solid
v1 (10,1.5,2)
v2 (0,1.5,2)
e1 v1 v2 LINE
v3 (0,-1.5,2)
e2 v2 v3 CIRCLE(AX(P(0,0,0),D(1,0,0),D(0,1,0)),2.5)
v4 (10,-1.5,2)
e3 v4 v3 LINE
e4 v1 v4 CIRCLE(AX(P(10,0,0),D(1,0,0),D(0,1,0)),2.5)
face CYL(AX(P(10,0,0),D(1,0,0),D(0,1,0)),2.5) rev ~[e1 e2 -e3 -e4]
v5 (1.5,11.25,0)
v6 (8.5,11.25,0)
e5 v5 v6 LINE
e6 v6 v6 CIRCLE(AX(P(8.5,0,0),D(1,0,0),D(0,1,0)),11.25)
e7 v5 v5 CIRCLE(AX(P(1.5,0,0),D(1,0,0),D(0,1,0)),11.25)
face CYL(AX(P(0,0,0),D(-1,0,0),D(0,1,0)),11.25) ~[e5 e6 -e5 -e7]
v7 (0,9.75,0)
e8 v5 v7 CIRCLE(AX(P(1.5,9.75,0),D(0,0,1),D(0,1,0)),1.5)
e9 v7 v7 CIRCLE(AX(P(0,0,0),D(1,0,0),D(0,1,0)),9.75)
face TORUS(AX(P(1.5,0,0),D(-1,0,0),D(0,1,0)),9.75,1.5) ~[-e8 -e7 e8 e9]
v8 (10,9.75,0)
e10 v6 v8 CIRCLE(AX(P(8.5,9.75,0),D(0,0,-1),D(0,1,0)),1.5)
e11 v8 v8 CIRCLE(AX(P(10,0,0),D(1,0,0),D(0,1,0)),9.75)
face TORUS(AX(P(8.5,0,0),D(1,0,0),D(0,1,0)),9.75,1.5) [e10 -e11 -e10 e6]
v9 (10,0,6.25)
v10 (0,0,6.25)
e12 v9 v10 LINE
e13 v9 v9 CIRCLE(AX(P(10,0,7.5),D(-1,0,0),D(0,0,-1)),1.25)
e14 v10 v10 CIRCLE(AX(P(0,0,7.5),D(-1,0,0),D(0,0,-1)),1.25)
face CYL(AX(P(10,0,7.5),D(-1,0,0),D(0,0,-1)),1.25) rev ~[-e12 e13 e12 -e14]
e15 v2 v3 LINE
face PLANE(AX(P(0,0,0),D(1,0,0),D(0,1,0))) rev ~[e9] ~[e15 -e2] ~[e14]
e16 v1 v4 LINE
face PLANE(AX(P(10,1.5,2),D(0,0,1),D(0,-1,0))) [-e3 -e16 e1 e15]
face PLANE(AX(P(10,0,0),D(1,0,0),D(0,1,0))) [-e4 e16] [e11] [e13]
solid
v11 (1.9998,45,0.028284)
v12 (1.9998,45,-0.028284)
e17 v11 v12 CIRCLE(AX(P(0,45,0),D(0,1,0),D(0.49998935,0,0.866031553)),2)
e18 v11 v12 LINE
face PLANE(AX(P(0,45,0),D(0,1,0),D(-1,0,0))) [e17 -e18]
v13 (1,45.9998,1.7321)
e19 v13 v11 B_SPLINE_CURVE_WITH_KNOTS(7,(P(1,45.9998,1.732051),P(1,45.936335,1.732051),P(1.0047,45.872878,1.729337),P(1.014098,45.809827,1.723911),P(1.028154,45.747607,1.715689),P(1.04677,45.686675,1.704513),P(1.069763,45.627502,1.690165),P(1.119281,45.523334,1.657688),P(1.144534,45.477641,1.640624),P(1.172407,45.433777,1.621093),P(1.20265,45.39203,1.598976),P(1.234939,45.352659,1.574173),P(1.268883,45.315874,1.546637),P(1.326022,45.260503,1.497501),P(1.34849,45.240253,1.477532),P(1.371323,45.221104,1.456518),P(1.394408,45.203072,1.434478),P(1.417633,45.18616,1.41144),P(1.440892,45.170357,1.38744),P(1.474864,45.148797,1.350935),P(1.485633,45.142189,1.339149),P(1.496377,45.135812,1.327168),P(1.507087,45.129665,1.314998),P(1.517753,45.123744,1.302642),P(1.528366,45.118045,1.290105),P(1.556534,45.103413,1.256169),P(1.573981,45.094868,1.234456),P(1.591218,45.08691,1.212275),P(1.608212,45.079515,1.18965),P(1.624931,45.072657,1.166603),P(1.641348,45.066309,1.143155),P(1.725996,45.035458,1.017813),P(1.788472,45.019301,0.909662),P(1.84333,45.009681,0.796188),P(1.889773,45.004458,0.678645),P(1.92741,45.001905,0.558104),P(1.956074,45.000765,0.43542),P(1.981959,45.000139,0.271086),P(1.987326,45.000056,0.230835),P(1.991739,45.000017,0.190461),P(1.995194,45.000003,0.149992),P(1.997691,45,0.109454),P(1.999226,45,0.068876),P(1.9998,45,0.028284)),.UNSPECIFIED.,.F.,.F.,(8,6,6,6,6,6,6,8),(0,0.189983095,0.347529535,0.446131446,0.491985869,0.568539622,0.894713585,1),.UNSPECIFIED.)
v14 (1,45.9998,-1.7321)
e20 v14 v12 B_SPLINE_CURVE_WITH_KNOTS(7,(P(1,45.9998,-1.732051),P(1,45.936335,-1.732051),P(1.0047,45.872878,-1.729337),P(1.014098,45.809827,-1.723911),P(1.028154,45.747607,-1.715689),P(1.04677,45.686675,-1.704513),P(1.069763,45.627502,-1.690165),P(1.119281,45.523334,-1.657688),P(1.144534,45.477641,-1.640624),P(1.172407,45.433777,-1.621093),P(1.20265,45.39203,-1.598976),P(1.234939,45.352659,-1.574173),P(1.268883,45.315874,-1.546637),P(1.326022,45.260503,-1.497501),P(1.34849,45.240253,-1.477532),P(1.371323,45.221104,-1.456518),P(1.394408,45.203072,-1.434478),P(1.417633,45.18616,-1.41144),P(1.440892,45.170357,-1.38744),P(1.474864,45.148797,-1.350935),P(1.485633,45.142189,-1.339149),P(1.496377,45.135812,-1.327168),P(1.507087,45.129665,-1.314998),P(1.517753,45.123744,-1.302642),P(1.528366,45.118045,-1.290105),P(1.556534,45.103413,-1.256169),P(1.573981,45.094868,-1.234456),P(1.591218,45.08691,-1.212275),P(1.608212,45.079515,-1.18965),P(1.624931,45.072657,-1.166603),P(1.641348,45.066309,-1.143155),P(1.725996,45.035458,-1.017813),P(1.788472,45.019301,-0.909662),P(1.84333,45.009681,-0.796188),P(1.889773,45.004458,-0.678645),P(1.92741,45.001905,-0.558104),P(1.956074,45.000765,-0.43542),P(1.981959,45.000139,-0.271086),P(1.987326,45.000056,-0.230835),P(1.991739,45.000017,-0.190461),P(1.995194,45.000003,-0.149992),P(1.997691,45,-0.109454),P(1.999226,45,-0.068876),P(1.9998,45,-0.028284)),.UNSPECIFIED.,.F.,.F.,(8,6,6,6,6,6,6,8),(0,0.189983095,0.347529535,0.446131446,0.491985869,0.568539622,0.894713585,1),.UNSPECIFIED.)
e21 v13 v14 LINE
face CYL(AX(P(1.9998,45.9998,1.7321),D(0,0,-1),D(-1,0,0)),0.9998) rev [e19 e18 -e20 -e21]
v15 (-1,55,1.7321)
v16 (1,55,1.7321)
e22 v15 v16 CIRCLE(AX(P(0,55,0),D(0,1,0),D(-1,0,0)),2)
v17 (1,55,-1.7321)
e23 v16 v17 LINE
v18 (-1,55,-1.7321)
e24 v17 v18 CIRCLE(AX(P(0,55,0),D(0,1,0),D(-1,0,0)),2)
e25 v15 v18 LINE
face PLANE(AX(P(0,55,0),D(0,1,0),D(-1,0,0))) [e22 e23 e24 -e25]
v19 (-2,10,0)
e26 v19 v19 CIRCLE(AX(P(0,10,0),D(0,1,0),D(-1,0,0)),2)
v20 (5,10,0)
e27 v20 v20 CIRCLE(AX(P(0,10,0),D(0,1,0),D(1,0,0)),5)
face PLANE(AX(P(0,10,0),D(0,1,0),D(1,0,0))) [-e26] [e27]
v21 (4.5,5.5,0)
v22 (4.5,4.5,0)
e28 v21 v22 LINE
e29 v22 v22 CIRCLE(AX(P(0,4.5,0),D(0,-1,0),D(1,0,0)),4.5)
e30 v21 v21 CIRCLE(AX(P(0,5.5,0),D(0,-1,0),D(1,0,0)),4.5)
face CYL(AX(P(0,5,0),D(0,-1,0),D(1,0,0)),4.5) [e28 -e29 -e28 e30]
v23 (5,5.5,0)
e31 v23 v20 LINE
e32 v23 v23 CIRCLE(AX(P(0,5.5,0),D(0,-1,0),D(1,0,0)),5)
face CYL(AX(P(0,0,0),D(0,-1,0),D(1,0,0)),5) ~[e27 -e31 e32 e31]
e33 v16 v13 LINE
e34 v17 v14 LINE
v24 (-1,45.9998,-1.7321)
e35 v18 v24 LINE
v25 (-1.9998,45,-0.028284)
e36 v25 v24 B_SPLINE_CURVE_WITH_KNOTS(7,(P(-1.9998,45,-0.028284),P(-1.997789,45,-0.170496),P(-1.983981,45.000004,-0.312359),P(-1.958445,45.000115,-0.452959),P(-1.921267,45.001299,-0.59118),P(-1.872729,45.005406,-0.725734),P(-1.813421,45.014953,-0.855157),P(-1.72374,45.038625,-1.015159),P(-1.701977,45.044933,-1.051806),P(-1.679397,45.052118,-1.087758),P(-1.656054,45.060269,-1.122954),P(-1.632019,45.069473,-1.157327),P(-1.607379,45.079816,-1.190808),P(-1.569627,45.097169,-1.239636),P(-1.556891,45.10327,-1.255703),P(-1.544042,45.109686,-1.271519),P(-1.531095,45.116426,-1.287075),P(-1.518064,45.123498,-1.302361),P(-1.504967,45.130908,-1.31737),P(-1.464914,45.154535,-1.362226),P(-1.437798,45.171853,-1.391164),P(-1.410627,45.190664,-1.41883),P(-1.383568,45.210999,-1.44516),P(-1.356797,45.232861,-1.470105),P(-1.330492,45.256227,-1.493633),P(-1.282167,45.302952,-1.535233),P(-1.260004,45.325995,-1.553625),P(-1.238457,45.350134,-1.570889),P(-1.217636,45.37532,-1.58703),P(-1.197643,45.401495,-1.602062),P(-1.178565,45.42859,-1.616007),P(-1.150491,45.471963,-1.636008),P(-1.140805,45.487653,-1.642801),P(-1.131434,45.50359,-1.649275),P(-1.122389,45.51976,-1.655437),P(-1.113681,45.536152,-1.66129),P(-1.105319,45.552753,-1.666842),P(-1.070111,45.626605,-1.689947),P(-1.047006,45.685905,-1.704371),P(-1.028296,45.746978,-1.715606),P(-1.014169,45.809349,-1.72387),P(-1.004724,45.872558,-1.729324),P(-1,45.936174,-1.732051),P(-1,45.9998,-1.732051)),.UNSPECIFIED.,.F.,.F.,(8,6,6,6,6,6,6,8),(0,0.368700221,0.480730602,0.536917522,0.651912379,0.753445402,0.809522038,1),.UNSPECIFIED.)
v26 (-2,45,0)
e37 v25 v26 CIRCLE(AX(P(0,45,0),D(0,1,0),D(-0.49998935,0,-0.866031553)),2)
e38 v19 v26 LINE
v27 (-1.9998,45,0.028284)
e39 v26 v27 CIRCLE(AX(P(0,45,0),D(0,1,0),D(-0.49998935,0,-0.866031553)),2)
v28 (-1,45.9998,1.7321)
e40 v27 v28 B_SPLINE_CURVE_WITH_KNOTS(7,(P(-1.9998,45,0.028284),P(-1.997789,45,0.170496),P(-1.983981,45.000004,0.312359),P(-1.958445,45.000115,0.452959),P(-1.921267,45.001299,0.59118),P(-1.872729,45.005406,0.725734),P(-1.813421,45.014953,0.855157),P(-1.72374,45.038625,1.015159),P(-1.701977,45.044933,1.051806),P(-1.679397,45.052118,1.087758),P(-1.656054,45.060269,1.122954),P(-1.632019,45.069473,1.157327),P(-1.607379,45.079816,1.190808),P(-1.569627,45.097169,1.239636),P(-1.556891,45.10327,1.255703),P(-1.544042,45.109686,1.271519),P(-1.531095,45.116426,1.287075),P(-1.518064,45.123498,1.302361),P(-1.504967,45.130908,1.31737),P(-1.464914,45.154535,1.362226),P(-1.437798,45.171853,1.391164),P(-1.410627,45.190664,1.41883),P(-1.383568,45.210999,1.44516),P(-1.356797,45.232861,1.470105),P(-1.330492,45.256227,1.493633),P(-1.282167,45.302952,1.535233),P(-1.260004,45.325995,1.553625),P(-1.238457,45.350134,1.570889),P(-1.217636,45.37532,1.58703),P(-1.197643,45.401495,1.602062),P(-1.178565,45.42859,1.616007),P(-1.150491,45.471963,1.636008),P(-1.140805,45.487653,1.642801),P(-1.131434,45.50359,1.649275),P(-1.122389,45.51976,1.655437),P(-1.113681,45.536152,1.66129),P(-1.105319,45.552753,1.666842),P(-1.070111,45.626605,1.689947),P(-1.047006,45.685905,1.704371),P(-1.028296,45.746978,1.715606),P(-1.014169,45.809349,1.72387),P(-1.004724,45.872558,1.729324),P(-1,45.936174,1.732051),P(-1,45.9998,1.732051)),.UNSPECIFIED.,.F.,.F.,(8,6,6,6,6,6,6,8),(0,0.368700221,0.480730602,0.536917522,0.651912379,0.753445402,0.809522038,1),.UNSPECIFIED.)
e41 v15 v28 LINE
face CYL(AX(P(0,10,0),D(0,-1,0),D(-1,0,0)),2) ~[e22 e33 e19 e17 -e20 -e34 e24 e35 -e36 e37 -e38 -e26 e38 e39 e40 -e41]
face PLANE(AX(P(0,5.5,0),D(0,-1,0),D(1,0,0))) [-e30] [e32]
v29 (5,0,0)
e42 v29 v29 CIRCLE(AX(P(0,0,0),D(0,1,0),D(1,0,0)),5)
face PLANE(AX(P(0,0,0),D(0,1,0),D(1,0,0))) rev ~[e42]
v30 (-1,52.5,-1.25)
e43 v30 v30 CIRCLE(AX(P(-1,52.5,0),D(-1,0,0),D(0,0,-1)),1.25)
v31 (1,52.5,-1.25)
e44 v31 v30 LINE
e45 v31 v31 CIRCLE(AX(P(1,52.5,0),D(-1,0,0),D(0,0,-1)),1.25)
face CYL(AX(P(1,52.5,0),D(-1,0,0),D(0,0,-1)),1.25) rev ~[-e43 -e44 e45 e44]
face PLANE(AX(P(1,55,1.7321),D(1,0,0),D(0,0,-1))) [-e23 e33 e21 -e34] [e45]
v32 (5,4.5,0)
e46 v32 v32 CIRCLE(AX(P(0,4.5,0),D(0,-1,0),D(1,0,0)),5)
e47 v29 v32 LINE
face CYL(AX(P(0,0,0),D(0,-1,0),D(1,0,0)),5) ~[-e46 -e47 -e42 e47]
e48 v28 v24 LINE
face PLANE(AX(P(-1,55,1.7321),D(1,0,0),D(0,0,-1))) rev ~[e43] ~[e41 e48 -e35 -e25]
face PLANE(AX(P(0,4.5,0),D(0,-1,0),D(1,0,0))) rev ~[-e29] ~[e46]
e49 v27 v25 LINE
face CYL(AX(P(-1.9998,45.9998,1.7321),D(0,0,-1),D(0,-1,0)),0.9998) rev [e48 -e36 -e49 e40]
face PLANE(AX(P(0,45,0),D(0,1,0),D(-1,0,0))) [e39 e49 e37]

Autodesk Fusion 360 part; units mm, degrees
sketch "Sketch1" plane through (0, 0, 0) normal (0, 1, 0) x (1, 0, 0)
  circle A0 centre (0, 0) radius 5
  dimension "d2" = 10
extrude "Extrude1" add sketch "Sketch1" along normal blind 10 makes body 1
sketch "Sketch2" plane through (0, 10, 0) normal (0, 1, 0) x (-1, 0, 0)
  circle A0 centre (0, 0) radius 5
  circle A1 centre (0, 0) radius 2
  dimension "d5" = 4
extrude "Extrude2" add sketch "Sketch2" along normal blind 45 contours A1 bodies 1
sketch "Sketch3" plane through (0, 0, 0) normal (0, -1, 0) x (1, 0, 0)
  circle A0 centre (0, 0) radius 5
  circle A1 centre (0, 0) radius 4.5
  dimension "d8" = -0.5
extrude "Extrude3" cut sketch "Sketch3" along normal mid plane 1 from surface at -5 bodies 1
ref_plane "WorkPlane1" through (0, 57.7618, 2) normal (0, 0, 1) x (-1, 0, 0)
sketch "Sketch9" plane through (0, 55, 0) normal (0, 1, 0) x (-1, 0, 0)
  circle A0 centre (0, 0) radius 2
  line L0 (2, -2) -> (-2, -2)
  line L1 (-2, -2) -> (-2, 2)
  line L2 (-2, 2) -> (2, 2)
  line L3 (2, 2) -> (2, -2)
  line L4 (2, -2) -> (-2, 2) construction
  line L5 (-2, -2) -> (2, 2) construction
  line L6 (0, 2) -> (-2, 2)
  line L7 (0, 2) -> (2, 2)
  line L8 (-1, 1.7321) -> (-1, -1.7321)
  line L9 (1, 1.7321) -> (1, -1.7321)
  point P0 (-1, 2)
  point P1 (1, 2)
  dimension "d148" = 4
  dimension "d149" = 4
extrude "Extrude7" cut sketch "Sketch9" against normal blind 10 contours A0 L9 | A0 L8 bodies 1
sketch "Sketch11" plane through (1, 0, 0) normal (1, 0, 0) x (0, 1, 0)
  line L0 (55, -1.7321) -> (55, 1.7321)
  line L1 (55, 1.7321) -> (45, 1.7321)
  line L2 (45, 1.7321) -> (45, -1.7321)
  line L3 (45, -1.7321) -> (55, -1.7321)
  line L4 (50, 1.7321) -> (50, -1.7321)
  line L5 (50, 0) -> (55, 0)
  point P0 (52.5, 0)
hole "Hole3" at (1, 52.5, 0) direction (-1, 0, 0) diameter 2.5 end through all bodies 1 1
fillet "Fillet2" radius 1 2 edges at (-1, 45, 0) (1, 45, 0) on bodies 1
copy_body "Body->Comp1" bodies 1 removing the originals makes body 2 in component "Piston"
sketch "Sketch1 (2)" plane through (0, 0, 0) normal (1, 0, 0) x (0, 1, 0) in component "CrankDisk"
  circle A0 centre (0, 0) radius 11.25
  dimension "d92" = 22.5
extrude "Extrude1'" add sketch "Sketch1 (2)" along normal blind 10 separate body makes body 3 in component "CrankDisk"
sketch "Sketch2 (2)" plane through (10, 0, 0) normal (1, 0, 0) x (0, 1, 0) in component "CrankDisk"
  circle A0 centre (0, 0) radius 11.25
  circle A1 centre (0, 7.5) radius 1.25
  circle A2 centre (0, 0) radius 2.5
  line L0 (1.5, 2) -> (-1.5, 2)
  circle A3 centre (0, 0) radius 3.75
  circle A4 centre (0, 0) radius 3.5
  line L1 (0, 3.75) -> (0, 11.25)
  point P0 (0, 7.5)
  dimension "d95" = 2.5
  dimension "d97" = 5
  dimension "d98" = 2
  dimension "d102" = 1
  dimension "d141" = 7.5
extrude "Extrude3'" cut sketch "Sketch2 (2)" against normal through all contours A2 L0 picked at (-0.3999, 2.0645) bodies 3 in component "CrankDisk"
hole "Hole1" at (10, 0, 7.5) direction (-1, 0, 0) diameter 2.5 end through all bodies 3 3 in component "CrankDisk"
ref_plane "WorkPlane1" through (5, 0, 0) normal (1, 0, 0) x (0, 1, 0) in component "CrankDisk"
fillet "Fillet1" radius 1.5 2 edges at (0, -10.4887, -4.0682) (10, -10.4887, -4.0682) on bodies 3 in component "CrankDisk"
component "CrankDisk" placed x (1, 0, 0) y (0, 1, 0) z (0, 0, 1) at (0, 0, 0)
component "Piston" placed x (1, 0, 0) y (0, 1, 0) z (0, 0, 1) at (0, 0, 0)
equation "Piston_Dia = 10 mm"
equation "d2 = Piston_Dia"
equation "d3 = Piston_Thickness"
equation "d6 = Piston_length"
equation "Piston_Thickness = 10 mm"
equation "d10 = ( -Piston_Thickness / 2 mm ) * 1 mm"
equation "Piston_length = 45 mm"
equation "Piston_end_Dia = 2.5 mm"
equation "Piston_end_gap = 2.5 mm"
equation "CrankDisk_Dia = 22.5 mm"
equation "CrankDiskThick = 10 mm"
equation "d92 = CrankDisk_Dia"
equation "d93 = CrankDiskThick"
equation "d95 = Piston_end_Dia"
equation "d104 = Piston_end_Dia"
equation "d156 = Piston_end_Dia"
